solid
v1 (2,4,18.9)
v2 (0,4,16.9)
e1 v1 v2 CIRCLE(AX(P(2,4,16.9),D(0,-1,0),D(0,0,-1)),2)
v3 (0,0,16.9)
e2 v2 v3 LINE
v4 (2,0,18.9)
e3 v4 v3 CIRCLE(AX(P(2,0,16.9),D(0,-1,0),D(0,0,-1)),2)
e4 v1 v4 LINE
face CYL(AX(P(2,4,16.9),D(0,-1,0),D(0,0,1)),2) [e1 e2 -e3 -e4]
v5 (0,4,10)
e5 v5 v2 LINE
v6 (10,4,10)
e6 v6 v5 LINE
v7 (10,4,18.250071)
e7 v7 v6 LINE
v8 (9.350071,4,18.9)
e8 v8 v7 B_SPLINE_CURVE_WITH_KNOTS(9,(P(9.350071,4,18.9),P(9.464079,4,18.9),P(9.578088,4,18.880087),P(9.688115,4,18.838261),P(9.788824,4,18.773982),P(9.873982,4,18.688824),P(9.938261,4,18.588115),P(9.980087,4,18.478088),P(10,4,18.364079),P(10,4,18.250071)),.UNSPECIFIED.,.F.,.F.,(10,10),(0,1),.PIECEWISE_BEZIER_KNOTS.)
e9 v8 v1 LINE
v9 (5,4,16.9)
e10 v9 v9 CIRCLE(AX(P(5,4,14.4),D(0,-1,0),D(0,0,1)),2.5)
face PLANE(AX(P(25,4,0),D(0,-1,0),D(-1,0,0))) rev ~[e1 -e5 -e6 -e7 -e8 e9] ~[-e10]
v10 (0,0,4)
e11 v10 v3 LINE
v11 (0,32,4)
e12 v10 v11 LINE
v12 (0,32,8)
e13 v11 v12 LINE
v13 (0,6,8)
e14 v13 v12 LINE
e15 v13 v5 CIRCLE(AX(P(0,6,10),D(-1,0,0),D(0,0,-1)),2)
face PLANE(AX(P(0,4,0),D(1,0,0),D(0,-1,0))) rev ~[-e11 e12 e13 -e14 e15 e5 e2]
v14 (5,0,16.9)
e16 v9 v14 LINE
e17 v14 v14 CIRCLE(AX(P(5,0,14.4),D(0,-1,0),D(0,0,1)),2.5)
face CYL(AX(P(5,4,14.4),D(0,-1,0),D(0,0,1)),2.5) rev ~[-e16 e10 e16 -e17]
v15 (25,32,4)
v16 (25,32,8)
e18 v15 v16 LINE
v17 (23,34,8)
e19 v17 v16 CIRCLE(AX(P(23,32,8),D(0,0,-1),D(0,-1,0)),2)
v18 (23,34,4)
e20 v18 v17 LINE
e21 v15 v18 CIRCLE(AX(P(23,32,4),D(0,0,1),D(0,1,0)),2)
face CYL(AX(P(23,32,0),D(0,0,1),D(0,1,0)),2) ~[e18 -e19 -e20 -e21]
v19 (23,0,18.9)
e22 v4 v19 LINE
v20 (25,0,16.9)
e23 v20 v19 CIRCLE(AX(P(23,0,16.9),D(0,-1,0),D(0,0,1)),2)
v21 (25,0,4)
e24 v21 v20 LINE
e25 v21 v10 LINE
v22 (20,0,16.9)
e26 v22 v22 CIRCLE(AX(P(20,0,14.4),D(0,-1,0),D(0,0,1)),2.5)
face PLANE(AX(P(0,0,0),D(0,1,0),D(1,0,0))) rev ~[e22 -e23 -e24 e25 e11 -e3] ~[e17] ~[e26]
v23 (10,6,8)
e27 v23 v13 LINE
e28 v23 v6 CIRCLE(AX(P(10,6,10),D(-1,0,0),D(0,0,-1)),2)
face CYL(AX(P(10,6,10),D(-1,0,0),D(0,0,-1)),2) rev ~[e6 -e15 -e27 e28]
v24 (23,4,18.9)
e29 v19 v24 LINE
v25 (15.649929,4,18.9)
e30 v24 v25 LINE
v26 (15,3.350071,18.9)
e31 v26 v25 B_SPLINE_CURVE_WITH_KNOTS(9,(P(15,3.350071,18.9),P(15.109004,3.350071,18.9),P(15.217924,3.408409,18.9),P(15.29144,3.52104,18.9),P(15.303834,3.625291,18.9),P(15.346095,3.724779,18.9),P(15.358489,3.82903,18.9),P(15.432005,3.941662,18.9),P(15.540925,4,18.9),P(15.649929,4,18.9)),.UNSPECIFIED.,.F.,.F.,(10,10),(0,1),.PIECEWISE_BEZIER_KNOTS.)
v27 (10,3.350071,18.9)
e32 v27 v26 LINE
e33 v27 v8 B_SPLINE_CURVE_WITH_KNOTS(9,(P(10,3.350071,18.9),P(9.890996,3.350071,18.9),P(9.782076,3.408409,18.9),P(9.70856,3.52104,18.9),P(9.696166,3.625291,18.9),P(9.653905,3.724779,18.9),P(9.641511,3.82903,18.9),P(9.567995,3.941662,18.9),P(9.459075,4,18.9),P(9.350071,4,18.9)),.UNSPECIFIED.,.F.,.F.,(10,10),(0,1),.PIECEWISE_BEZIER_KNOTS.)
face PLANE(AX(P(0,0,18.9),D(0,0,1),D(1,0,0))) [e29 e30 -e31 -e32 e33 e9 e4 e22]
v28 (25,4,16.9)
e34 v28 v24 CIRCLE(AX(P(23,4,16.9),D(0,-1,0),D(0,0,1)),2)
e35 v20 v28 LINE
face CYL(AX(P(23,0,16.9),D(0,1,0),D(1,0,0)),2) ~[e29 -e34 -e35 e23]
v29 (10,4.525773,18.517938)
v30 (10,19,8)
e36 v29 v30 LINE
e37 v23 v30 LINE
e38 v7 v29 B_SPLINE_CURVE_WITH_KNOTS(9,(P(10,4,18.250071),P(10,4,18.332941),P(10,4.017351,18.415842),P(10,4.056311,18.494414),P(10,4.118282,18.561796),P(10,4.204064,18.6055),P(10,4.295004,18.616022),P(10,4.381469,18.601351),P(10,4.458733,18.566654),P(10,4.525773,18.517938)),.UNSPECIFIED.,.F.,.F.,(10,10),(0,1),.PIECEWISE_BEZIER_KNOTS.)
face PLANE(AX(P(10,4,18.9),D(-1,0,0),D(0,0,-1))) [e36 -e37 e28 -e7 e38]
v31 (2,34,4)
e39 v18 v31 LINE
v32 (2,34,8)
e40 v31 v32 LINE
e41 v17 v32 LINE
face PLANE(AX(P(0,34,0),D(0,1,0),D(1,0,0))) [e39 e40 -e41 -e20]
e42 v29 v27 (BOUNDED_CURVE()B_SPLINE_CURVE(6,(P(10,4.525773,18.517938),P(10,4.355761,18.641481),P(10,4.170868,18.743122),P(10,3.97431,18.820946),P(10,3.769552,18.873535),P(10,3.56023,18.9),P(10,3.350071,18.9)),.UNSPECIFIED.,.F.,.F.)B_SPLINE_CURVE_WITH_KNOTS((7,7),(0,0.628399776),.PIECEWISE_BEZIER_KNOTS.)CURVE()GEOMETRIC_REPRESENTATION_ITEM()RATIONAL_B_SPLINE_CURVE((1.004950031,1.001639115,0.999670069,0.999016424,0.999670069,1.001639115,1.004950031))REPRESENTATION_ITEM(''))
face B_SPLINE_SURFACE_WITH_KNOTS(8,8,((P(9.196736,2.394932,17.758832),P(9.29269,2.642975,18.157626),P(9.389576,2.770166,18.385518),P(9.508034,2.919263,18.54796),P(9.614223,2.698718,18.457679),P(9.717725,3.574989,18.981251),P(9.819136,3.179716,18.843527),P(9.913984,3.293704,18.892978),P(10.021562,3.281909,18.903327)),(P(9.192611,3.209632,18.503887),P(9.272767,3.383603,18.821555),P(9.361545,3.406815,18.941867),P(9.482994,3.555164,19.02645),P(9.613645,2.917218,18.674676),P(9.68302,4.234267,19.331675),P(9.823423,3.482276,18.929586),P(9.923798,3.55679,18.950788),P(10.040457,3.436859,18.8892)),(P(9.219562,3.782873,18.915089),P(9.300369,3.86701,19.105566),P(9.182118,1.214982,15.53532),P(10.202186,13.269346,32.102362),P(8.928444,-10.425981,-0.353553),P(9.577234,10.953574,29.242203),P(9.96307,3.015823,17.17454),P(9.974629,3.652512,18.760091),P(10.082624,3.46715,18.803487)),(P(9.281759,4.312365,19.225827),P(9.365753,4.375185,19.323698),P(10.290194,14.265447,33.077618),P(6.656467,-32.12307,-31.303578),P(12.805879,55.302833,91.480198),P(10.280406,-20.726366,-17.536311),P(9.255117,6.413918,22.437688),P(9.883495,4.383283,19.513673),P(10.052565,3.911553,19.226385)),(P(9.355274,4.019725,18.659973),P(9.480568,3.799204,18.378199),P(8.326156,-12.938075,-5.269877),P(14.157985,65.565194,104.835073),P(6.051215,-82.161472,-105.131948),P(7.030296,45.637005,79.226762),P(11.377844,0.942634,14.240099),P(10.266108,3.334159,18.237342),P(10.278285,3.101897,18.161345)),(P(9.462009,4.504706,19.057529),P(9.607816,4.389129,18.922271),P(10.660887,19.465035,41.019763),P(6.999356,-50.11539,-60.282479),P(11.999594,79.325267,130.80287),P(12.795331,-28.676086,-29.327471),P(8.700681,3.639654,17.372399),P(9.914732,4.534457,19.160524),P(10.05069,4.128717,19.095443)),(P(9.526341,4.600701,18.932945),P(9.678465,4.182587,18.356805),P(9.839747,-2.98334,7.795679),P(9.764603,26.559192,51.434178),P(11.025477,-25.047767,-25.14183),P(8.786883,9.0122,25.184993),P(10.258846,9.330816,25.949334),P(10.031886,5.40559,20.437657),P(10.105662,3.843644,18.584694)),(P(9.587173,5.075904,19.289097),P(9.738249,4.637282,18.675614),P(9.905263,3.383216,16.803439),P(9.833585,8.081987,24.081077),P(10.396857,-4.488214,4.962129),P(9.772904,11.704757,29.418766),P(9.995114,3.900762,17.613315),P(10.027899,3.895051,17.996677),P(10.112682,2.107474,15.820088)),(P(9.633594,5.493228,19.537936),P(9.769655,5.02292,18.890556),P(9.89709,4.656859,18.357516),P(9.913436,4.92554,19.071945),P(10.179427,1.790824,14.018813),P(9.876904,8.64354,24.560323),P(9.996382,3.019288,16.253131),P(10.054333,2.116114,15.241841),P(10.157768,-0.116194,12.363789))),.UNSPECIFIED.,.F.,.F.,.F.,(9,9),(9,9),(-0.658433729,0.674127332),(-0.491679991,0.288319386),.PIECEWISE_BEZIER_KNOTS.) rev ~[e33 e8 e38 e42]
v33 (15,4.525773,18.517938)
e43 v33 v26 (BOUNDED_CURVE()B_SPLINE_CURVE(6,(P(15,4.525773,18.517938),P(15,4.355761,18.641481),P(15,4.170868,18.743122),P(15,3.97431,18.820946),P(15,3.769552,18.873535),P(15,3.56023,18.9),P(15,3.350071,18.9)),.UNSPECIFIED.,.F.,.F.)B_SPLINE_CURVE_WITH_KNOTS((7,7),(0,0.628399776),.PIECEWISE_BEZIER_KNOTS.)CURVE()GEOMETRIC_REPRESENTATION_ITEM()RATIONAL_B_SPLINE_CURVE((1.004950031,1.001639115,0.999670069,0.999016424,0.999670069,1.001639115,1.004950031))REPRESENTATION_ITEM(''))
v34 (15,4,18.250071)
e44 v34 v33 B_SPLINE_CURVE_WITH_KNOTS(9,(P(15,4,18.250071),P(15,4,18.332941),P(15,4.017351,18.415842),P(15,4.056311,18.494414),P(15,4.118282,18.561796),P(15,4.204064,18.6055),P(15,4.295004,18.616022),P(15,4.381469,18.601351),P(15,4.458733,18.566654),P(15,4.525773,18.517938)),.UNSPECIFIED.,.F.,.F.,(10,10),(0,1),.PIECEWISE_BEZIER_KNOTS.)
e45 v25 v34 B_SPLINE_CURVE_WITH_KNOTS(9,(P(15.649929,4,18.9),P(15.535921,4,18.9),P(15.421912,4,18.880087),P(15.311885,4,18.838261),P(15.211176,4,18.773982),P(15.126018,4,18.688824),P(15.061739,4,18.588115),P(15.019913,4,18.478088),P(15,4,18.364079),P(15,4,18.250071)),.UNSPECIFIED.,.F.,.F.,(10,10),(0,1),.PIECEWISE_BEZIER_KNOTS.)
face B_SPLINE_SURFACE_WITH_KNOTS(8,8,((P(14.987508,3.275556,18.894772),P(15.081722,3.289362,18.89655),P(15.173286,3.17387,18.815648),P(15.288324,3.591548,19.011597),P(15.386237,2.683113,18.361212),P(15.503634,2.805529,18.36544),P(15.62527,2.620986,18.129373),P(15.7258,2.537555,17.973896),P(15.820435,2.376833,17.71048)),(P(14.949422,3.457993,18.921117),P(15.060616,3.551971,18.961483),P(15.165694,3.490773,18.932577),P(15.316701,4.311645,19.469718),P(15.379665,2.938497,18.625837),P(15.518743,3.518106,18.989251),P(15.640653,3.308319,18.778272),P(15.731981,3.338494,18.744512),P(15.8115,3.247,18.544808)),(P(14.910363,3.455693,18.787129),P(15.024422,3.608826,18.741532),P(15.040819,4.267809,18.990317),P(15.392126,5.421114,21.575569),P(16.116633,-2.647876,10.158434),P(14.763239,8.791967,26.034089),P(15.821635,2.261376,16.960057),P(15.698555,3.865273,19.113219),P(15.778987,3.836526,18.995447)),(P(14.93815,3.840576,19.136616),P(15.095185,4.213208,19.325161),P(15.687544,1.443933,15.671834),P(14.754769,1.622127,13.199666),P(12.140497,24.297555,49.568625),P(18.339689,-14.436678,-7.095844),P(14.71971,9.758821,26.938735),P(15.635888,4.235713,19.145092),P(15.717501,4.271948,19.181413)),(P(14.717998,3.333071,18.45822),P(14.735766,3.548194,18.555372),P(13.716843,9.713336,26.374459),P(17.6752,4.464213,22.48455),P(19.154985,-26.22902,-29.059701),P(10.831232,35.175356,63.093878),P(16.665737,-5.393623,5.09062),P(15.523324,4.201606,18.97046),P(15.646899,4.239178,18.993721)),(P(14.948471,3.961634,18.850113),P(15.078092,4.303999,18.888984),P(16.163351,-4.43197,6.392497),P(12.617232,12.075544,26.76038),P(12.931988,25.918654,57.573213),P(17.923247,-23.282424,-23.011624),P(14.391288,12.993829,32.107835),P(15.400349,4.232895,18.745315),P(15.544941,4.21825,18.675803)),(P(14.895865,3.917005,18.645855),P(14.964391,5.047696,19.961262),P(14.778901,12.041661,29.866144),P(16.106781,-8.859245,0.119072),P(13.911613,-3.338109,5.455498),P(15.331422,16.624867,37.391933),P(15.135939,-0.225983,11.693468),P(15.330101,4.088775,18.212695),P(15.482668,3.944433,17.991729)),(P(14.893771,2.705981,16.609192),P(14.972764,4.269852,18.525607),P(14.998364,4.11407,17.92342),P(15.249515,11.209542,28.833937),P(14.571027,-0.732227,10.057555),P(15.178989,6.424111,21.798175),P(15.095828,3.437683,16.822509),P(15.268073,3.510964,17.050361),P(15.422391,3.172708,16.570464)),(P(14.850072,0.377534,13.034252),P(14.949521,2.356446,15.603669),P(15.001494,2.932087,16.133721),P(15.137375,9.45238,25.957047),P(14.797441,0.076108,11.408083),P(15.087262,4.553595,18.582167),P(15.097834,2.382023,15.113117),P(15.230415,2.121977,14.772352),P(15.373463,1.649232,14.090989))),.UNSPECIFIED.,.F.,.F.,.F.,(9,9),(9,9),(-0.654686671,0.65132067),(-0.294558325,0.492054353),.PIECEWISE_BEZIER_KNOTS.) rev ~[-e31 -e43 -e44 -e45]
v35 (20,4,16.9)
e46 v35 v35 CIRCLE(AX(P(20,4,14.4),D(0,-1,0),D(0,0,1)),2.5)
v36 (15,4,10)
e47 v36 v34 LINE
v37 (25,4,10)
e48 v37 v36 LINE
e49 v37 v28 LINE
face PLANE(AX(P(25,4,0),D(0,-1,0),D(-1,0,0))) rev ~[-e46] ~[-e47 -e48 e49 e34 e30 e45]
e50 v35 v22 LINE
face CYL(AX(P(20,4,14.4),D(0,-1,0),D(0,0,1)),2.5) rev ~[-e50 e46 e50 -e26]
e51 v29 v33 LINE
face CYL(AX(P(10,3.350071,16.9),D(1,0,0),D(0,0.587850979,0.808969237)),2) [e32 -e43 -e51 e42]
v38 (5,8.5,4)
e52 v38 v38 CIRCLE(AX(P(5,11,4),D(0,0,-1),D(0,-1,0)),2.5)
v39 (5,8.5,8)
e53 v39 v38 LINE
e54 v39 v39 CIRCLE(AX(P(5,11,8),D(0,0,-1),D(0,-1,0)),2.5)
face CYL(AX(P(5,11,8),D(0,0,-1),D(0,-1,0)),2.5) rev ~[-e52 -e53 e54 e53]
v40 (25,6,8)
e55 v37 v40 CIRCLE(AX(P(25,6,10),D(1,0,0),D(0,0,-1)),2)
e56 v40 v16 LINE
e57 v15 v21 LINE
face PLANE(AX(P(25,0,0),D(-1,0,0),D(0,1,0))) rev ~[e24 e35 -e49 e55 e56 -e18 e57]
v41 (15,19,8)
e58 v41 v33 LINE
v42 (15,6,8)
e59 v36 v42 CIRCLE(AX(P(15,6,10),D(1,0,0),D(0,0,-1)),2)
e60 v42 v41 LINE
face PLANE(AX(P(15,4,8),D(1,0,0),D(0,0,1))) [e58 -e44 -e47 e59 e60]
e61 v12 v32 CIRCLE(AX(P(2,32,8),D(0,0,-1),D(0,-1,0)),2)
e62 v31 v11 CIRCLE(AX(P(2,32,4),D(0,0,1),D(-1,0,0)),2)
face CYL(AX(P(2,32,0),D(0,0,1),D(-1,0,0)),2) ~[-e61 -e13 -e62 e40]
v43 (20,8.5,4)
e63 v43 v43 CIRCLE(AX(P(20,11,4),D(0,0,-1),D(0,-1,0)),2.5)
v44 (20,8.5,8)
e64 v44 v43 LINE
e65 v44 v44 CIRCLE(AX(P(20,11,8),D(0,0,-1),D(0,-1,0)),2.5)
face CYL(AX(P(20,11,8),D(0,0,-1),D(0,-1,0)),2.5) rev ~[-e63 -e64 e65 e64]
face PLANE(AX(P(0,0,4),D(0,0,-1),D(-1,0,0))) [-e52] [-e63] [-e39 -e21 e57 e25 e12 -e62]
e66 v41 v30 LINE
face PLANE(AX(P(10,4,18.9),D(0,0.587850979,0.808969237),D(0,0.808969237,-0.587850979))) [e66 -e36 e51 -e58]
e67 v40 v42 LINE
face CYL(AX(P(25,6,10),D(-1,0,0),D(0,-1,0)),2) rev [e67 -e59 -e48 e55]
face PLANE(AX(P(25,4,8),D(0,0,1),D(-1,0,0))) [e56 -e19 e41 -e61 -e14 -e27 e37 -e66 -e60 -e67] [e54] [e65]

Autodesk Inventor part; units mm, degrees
ref_plane "YZ Plane" through (0, 0, 0) normal (1, 0, 0) x (0, 1, 0)
ref_plane "XZ Plane" through (0, 0, 0) normal (0, 1, 0) x (-1, 0, 0)
ref_plane "XY Plane" through (0, 0, 0) normal (0, 0, 1) x (1, 0, 0)
sketch "スケッチ1" plane through (0, 0, 0) normal (0, 0, 1) x (1, 0, 0)
  line L0 (0, 0) -> (25, 0)
  line L1 (25, 0) -> (25, 4)
  line L2 (25, 4) -> (0, 4)
  line L3 (0, 4) -> (0, 0)
  dimension "d0" = 4
  dimension "d1" = 25
extrude "押し出し1" add sketch "スケッチ1" along normal blind 18.9
sketch "スケッチ2" plane through (0, 4, 0) normal (0, 1, 0) x (1, 0, 0)
  line L0 (0, 0) -> (0, -18.9) projected
  line L1 (25, 0) -> (25, -18.9) projected
  line L2 (0, 0) -> (25, 0)
  line L3 (25, 0) -> (25, -8)
  line L4 (25, -8) -> (0, -8)
  line L5 (0, -8) -> (0, 0)
  point P0 (0, -8)
  dimension "d4" = 8
extrude "押し出し2" add sketch "スケッチ2" along normal blind 30
sketch "スケッチ3" plane through (0, 4, 18.9) normal (0, 1, 0) x (1, 0, 0)
  line L0 (0, 10.9) -> (25, 10.9) projected
  line L1 (25, 10.9) -> (25, 0) projected
  point P0 (0, 18.9)
  point P1 (5, 4.5)
  point P2 (20, 4.5)
  dimension "d7" = 15
  dimension "d8" = 6.4
  dimension "d9" = 6.4
  dimension "d10" = 5
hole "穴1" at (5, 4, 14.4) at (20, 4, 14.4) direction (0, -1, 0) diameter 5 end through all
sketch "スケッチ4" plane through (0, 4, 8) normal (0, 0, 1) x (1, 0, 0)
  line L0 (25, 0) -> (0, 0) projected
  line L1 (0, 0) -> (0, 30) projected
  point P0 (0, -4)
  point P1 (5, 7)
  point P2 (20, 7)
  dimension "d18" = 7
  dimension "d19" = 7
  dimension "d20" = 15
  dimension "d21" = 5
hole "穴2" at (5, 11, 8) at (20, 11, 8) direction (0, 0, -1) diameter 5 end through all
sketch "スケッチ7" plane through (0, 4, 18.9) normal (0, 1, 0) x (1, 0, 0)
  line L0 (25, 10.9) -> (0, 10.9) projected
  line L1 (25, 0) -> (0, 0) projected
  line L2 (10, 10.9) -> (15, 10.9)
  line L3 (15, 10.9) -> (15, 0)
  line L4 (15, 0) -> (10, 0)
  line L5 (10, 0) -> (10, 10.9)
  line L6 (25, 10.9) -> (25, 0) projected
  point P0 (0, 18.9)
  point P1 (10, 0)
  point P2 (15, 10.9)
  dimension "d36" = 5
  dimension "d37" = 10
extrude "押し出し5" add sketch "スケッチ7" along normal blind 15 contours L3 L1 L5 L0
sketch "スケッチ8" plane through (10, 4, 8) normal (-1, 0, 0) x (0, 0, 1)
  line L0 (10.9, 0) -> (0, 0) projected
  line L1 (10.9, 0) -> (10.9, 15) projected
  line L2 (0, 15) -> (10.9, 15) projected
  line L3 (0, 0) -> (0, 15) projected
  line L4 (10.9, 0) -> (0, 15)
  point P0 (-8, -4)
extrude "押し出し6" cut sketch "スケッチ8" against normal blind 15 contours L4 L2 L1
fillet "フィレット1" radius 2 7 edges at (0, 34, 4) (25, 34, 4) (25, 2, 18.9) (0, 2, 18.9) (20, 4, 8) (5, 4, 8) (12.5, 4, 18.9)
sketch "スケッチ9" plane through (0, 0, 0) normal (0, 0, -1) x (-1, 0, 0)
  line L0 (-37.1274, 50.0053) -> (12.2795, 50.0053)
  line L1 (12.2795, 50.0053) -> (12.2795, -2.3527)
  line L2 (12.2795, -2.3527) -> (-37.1274, -2.3527)
  line L3 (-37.1274, -2.3527) -> (-37.1274, 50.0053)
  point P0 (0, 0)
extrude "押し出し7" cut sketch "スケッチ9" against normal blind 4
equation "\"d9\" = d8"
equation "\"d19\" = d18"
properties part number "BP_L"
